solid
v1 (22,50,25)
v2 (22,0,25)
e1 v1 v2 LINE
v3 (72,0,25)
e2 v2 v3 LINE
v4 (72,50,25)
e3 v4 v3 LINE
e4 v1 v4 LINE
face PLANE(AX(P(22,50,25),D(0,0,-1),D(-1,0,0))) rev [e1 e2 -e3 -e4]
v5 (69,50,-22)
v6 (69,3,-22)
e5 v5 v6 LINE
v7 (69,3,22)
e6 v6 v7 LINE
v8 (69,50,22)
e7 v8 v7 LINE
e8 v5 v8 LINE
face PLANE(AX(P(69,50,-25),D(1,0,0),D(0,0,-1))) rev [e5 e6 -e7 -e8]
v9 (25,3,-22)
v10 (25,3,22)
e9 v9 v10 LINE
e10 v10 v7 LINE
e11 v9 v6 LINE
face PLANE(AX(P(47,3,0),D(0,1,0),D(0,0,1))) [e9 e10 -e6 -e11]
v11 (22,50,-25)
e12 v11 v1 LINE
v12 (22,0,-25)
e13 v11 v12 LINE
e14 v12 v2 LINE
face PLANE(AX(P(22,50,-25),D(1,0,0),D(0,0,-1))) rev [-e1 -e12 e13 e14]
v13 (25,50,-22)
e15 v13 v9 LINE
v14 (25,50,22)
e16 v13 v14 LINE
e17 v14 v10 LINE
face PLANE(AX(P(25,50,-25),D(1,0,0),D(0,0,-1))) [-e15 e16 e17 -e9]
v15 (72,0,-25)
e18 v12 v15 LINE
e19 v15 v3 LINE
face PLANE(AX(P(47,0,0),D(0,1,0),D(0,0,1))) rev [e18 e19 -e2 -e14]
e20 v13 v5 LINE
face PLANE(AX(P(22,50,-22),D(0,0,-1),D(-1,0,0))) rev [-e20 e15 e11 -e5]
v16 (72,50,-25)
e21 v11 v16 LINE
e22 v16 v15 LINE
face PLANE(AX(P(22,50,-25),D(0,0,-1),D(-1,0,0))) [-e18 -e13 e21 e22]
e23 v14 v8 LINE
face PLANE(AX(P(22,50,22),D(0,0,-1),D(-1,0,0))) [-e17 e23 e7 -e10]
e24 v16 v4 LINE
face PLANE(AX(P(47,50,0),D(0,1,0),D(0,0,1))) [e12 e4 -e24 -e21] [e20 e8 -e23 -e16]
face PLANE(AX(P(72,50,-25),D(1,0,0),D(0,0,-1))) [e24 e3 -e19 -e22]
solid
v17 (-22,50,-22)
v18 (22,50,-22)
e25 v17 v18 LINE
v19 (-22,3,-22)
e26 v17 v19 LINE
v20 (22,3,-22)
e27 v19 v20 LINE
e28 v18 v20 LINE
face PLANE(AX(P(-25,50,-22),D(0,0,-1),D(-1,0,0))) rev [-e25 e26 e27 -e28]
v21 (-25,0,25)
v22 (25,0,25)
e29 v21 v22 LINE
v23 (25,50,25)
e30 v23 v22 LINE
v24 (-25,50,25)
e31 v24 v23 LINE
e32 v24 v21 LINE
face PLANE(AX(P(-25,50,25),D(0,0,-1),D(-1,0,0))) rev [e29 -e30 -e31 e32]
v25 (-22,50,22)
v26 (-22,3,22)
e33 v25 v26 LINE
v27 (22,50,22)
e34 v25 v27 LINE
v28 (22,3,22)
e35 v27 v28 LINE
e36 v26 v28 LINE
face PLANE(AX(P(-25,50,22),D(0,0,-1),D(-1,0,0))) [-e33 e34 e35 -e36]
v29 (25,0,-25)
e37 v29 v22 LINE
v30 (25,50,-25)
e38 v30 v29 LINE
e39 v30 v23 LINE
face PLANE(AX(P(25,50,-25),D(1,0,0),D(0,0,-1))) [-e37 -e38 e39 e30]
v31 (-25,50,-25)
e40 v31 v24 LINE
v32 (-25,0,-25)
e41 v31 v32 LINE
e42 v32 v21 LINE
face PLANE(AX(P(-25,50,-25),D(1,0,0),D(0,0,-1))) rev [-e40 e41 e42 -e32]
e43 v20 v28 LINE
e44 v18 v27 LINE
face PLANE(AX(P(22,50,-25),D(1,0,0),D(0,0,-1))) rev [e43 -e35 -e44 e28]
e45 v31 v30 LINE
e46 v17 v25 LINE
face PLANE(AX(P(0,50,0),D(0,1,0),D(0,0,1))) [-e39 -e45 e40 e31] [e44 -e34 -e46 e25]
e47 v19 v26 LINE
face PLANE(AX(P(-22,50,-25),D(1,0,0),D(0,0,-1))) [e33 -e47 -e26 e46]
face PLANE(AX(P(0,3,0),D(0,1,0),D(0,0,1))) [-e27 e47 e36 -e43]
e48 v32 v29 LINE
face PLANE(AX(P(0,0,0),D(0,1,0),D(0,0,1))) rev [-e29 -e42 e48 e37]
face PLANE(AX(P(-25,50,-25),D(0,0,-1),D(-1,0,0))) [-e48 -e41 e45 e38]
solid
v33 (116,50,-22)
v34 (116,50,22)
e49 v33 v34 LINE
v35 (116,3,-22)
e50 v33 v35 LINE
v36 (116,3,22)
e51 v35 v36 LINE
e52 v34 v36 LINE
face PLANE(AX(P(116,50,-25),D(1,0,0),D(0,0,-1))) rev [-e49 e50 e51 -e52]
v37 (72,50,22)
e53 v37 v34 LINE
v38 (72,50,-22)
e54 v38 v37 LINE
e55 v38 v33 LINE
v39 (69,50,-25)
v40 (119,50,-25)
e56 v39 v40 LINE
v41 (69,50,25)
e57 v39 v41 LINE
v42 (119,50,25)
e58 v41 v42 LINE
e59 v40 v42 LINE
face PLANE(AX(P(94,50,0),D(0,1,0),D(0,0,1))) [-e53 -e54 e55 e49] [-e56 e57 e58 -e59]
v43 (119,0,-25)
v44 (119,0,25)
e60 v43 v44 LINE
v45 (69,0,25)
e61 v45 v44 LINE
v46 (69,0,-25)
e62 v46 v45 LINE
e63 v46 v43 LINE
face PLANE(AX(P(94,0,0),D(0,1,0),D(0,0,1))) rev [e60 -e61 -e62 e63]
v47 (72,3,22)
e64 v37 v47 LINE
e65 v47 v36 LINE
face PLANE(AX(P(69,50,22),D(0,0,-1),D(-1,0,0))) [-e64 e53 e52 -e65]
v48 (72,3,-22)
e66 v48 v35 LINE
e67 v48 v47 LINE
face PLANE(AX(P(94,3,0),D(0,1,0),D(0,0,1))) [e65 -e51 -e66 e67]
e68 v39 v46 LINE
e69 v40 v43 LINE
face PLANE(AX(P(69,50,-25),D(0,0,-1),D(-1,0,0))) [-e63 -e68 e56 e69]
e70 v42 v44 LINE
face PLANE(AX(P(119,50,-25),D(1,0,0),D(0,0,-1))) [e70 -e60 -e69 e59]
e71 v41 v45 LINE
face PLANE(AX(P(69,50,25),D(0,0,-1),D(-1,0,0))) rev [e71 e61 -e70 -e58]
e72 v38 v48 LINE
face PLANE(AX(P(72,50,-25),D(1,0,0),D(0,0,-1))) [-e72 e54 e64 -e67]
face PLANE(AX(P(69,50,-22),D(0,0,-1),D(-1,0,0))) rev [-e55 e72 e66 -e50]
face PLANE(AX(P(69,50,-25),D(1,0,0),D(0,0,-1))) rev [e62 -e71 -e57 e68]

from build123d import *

# Parameters (mm, degrees)
SKETCH_2_W             = 50
SKETCH_2_H             = 50
EXTRUDE_1_DEPTH        = 50
SHELL_1_T              = -3
PATTERN_LINEAR_1_COUNT = 3
PATTERN_LINEAR_1_PITCH = 47


with BuildPart() as part:
    # 草圖2 → 填料-伸長1 (new body)
    with BuildSketch(Plane(origin=(0, 0, 0), x_dir=(1, 0, 0), z_dir=(0, 1, 0))):
        Rectangle(SKETCH_2_W, SKETCH_2_H)
    extrude(amount=EXTRUDE_1_DEPTH)

    # 薄殼1
    shell_1_openings = [part.faces().sort_by_distance(p)[0] for p in [
        (0, 50, 0),
    ]]
    offset(amount=SHELL_1_T, openings=shell_1_openings, kind=Kind.INTERSECTION)


with BuildPart() as pattern_linear_1_1:
    # 直線複製排列1: pattern copy
    add(part.part.moved(Location(Vector(1, 0, 0) * (1 * PATTERN_LINEAR_1_PITCH))))


with BuildPart() as pattern_linear_1_2:
    # 直線複製排列1: pattern copy
    add(part.part.moved(Location(Vector(1, 0, 0) * (2 * PATTERN_LINEAR_1_PITCH))))


solid = Compound([part.part, pattern_linear_1_1.part, pattern_linear_1_2.part])
